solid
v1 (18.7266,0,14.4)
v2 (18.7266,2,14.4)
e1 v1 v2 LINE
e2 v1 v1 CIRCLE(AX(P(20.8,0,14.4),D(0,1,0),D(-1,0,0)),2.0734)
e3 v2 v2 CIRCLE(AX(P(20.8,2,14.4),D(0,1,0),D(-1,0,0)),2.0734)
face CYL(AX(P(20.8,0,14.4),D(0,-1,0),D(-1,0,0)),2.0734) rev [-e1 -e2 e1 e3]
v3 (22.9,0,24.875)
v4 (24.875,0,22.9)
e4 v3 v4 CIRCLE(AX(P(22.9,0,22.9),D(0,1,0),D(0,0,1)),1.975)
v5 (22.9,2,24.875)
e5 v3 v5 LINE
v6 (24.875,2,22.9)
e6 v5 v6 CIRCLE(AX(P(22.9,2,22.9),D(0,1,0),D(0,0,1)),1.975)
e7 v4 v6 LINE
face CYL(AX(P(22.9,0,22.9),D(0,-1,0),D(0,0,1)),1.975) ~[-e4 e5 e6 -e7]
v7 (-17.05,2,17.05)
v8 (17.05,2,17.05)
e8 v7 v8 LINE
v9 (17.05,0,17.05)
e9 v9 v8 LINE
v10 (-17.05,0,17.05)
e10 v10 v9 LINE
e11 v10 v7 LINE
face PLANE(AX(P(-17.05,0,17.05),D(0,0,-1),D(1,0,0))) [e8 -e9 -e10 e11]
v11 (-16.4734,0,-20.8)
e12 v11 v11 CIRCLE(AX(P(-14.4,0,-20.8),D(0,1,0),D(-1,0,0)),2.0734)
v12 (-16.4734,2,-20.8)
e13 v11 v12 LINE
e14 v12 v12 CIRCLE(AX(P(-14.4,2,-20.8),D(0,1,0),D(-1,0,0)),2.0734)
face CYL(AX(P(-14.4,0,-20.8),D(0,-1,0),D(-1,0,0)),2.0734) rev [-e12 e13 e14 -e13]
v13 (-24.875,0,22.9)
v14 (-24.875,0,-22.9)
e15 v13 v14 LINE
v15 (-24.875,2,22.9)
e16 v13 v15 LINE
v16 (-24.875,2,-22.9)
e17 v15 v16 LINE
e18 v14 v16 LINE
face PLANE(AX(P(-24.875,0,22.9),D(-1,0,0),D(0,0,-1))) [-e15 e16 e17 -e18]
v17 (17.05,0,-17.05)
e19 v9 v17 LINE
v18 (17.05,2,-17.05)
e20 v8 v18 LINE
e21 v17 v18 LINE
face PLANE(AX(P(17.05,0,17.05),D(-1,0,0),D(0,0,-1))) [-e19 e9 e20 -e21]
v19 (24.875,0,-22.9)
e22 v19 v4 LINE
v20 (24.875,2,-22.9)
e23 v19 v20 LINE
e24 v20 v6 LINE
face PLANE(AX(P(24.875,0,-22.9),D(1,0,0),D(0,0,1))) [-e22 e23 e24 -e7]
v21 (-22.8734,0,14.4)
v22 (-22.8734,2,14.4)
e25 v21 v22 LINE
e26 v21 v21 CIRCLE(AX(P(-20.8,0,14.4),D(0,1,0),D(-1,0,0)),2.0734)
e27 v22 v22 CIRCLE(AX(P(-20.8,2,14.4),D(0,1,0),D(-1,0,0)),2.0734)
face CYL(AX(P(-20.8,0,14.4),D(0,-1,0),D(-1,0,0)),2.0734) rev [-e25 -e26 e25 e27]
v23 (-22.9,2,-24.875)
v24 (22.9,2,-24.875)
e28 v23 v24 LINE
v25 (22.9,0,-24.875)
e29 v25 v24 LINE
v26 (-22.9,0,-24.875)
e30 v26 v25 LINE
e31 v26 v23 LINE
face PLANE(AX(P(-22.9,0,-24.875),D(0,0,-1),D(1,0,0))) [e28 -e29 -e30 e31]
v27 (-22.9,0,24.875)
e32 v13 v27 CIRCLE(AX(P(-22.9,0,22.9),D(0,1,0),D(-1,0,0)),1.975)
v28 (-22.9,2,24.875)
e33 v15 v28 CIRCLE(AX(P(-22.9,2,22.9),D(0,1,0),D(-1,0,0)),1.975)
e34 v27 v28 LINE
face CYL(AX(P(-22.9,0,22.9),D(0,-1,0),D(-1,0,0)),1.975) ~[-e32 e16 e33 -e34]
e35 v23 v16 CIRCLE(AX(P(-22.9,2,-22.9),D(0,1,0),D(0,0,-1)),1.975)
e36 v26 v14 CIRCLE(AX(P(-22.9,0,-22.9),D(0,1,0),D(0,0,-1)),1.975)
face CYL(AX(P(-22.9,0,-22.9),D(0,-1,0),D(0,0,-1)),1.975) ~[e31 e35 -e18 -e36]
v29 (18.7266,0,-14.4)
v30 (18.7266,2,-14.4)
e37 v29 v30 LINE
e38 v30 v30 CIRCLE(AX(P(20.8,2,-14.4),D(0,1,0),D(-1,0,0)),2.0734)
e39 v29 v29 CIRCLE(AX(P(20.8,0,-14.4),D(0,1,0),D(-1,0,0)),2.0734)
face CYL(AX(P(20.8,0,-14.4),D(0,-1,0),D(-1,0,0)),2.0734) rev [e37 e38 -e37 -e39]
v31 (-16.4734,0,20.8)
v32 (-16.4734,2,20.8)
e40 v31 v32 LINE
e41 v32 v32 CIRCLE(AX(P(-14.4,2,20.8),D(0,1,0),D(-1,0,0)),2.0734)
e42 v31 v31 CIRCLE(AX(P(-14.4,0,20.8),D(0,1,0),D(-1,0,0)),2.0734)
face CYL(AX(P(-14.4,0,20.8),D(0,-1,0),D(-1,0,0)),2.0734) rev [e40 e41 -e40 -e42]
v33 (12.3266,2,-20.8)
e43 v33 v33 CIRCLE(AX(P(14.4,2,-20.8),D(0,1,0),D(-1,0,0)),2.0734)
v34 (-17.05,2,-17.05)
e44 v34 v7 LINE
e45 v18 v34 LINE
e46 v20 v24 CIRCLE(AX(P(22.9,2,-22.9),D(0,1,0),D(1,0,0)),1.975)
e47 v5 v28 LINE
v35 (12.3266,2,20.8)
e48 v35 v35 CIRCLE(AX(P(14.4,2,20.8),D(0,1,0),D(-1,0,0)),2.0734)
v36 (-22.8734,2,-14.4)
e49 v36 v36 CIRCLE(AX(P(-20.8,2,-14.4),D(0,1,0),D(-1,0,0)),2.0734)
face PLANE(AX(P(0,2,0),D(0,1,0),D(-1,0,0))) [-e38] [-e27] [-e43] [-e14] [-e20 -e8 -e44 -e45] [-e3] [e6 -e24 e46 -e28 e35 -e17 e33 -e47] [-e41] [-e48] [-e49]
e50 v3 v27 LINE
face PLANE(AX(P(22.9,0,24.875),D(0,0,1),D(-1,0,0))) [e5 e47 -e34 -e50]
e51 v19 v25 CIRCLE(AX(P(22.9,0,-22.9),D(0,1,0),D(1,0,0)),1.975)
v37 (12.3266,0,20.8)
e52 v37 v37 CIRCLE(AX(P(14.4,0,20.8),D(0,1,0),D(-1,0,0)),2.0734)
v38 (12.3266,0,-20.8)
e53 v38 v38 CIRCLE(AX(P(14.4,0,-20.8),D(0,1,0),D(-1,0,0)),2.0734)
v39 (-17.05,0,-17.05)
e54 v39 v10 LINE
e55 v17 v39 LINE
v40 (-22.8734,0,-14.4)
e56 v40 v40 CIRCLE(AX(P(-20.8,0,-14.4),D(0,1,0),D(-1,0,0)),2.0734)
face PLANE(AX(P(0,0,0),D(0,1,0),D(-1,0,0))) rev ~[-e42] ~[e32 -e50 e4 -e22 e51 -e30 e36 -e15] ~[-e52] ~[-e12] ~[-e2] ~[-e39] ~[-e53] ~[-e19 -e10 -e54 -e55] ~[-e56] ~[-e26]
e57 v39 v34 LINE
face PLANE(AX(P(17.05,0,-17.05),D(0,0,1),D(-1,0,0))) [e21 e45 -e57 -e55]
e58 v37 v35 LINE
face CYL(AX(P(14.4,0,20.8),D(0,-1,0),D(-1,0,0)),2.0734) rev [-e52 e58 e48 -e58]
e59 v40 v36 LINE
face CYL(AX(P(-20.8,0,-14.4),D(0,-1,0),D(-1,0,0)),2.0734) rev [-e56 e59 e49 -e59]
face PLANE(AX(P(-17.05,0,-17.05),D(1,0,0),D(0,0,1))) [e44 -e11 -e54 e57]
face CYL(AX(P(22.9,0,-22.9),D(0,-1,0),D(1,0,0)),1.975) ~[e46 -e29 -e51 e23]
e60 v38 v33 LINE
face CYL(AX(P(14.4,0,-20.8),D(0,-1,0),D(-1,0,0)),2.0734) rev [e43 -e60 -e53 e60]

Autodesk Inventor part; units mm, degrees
ref_plane "YZ Plane" through (0, 0, 0) normal (1, 0, 0) x (0, 1, 0)
ref_plane "XZ Plane" through (0, 0, 0) normal (0, 1, 0) x (-1, 0, 0)
ref_plane "XY Plane" through (0, 0, 0) normal (0, 0, 1) x (1, 0, 0)
sketch "Sketch1" plane through (0, 0, 0) normal (0, 1, 0) x (-1, 0, 0)
  circle A0 centre (-21.9, -21.9) radius 1.875 projected
  circle A1 centre (21.9, 21.9) radius 1.875 projected
  circle A2 centre (21.9, -21.9) radius 1.875 projected
  circle A3 centre (-21.9, 21.9) radius 1.875 projected
  circle A4 centre (14.4, 20.8) radius 2.0734 projected
  circle A5 centre (-14.4, -20.8) radius 2.0734 projected
  circle A6 centre (14.4, -20.8) radius 2.0734 projected
  circle A7 centre (20.8, -14.4) radius 2.0734 projected
  line L0 (-17.05, 17.05) -> (-17.05, -17.05) projected
  line L1 (17.05, 17.05) -> (-17.05, 17.05) projected
  line L2 (17.05, -17.05) -> (17.05, 17.05) projected
  line L3 (-17.05, -17.05) -> (17.05, -17.05) projected
  circle A8 centre (20.8, 14.4) radius 2.0734 projected
  circle A9 centre (-14.4, 20.8) radius 2.0734 projected
  circle A10 centre (-20.8, -14.4) radius 2.0734 projected
  circle A11 centre (-20.8, 14.4) radius 2.0734 projected
  line L4 (-22.9, 24.875) -> (22.9, 24.875) projected
  arc A12 (-22.9, 24.875) -> (-24.875, 22.9) centre (-22.9, 22.9) ccw projected
  line L5 (-24.875, -22.9) -> (-24.875, 22.9) projected
  arc A13 (-24.875, -22.9) -> (-22.9, -24.875) centre (-22.9, -22.9) ccw projected
  line L6 (22.9, -24.875) -> (-22.9, -24.875) projected
  arc A14 (22.9, -24.875) -> (24.875, -22.9) centre (22.9, -22.9) ccw projected
  line L7 (24.875, 22.9) -> (24.875, -22.9) projected
  arc A15 (24.875, 22.9) -> (22.9, 24.875) centre (22.9, 22.9) ccw projected
  arc A16 (24.9, 22.9) -> (22.9, 24.9) centre (22.9, 22.9) ccw projected
  line L8 (22.9, 24.9) -> (-22.9, 24.9) projected
  arc A17 (-22.9, 24.9) -> (-24.9, 22.9) centre (-22.9, 22.9) ccw projected
  line L9 (-24.9, 22.9) -> (-24.9, -22.9) projected
  arc A18 (-24.9, -22.9) -> (-22.9, -24.9) centre (-22.9, -22.9) ccw projected
  line L10 (-22.9, -24.9) -> (22.9, -24.9) projected
  arc A19 (22.9, -24.9) -> (24.9, -22.9) centre (22.9, -22.9) ccw projected
  line L11 (24.9, -22.9) -> (24.9, 22.9) projected
  point P0 (0, 0)
extrude "Extrusion1" add sketch "Sketch1" along normal blind 2 contours A0 | A1 | A2 | A3 | L4 A15 L7 A14 L6 A13 L5 A12
sketch "Sketch2" plane through (0, 0, 0) normal (0, 1, 0) x (-1, 0, 0)
  line L0 (-22.9, -24.875) -> (22.9, -24.875) projected
  arc A0 (22.9, -24.875) -> (24.875, -22.9) centre (22.9, -22.9) ccw projected
  line L1 (24.875, -22.9) -> (24.875, 22.9) projected
  arc A1 (24.875, 22.9) -> (22.9, 24.875) centre (22.9, 22.9) ccw projected
  line L2 (22.9, 24.875) -> (-22.9, 24.875) projected
  arc A2 (-22.9, 24.875) -> (-24.875, 22.9) centre (-22.9, 22.9) ccw projected
  line L3 (-24.875, 22.9) -> (-24.875, -22.9) projected
  arc A3 (-24.875, -22.9) -> (-22.9, -24.875) centre (-22.9, -22.9) ccw projected
  circle A4 centre (-20.8, 14.4) radius 2.0734 projected
  circle A5 centre (-20.8, -14.4) radius 2.0734 projected
  circle A6 centre (-14.4, 20.8) radius 2.0734 projected
  circle A7 centre (20.8, 14.4) radius 2.0734 projected
  circle A8 centre (14.4, -20.8) radius 2.0734 projected
  circle A9 centre (-14.4, -20.8) radius 2.0734 projected
  circle A10 centre (14.4, 20.8) radius 2.0734 projected
  line L4 (-17.05, 17.05) -> (17.05, 17.05) projected
  line L5 (17.05, 17.05) -> (17.05, -17.05) projected
  line L6 (17.05, -17.05) -> (-17.05, -17.05) projected
  line L7 (-17.05, -17.05) -> (-17.05, 17.05) projected
  line L8 (-7.5858, 19.875) -> (7.5858, 19.875)
  line L9 (10, 19.875) -> (10, 29.875)
  line L10 (7.5858, 29.875) -> (-7.5858, 29.875)
  line L11 (-10, 29.875) -> (-10, 19.875)
  line L12 (-10, 19.875) -> (10, 29.875) construction
  line L13 (10, 19.875) -> (-10, 29.875) construction
  line L14 (-8.2929, 28.1679) -> (-6.0607, 25.9357)
  line L15 (-10, 29.875) -> (-6.8431, 29.875) construction
  line L16 (8.2929, 28.1679) -> (6.0607, 25.9357)
  line L17 (10, 29.875) -> (13.1569, 29.875) construction
  line L18 (5, 24.875) -> (-5, 24.875)
  line L19 (-8.2929, 21.5821) -> (-6.0607, 23.8143)
  line L20 (8.2929, 21.5821) -> (6.0607, 23.8143)
  arc A11 (-8.2929, 21.5821) -> (-7.5858, 19.875) centre (-7.5858, 20.875) ccw
  arc A12 (7.5858, 19.875) -> (8.2929, 21.5821) centre (7.5858, 20.875) ccw
  arc A13 (-6.0607, 23.8143) -> (-6.0607, 25.9357) centre (-7.1213, 24.875) ccw
  arc A14 (6.0607, 25.9357) -> (6.0607, 23.8143) centre (7.1213, 24.875) ccw
  arc A15 (-7.5858, 29.875) -> (-8.2929, 28.1679) centre (-7.5858, 28.875) ccw
  arc A16 (8.2929, 28.1679) -> (7.5858, 29.875) centre (7.5858, 28.875) ccw
  line L21 (-7.5858, 29.8) -> (7.5858, 29.8)
  arc A17 (8.2399, 28.2209) -> (7.5858, 29.8) centre (7.5858, 28.875) ccw
  line L22 (8.2399, 28.2209) -> (6.0076, 25.9887)
  arc A18 (6.0076, 25.9887) -> (6.0076, 23.7613) centre (7.1213, 24.875) ccw
  line L23 (6.0076, 23.7613) -> (8.2399, 21.5291)
  arc A19 (7.5858, 19.95) -> (8.2399, 21.5291) centre (7.5858, 20.875) ccw
  line L24 (7.5858, 19.95) -> (-7.5858, 19.95)
  arc A20 (-8.2399, 21.5291) -> (-7.5858, 19.95) centre (-7.5858, 20.875) ccw
  line L25 (-8.2399, 21.5291) -> (-6.0076, 23.7613)
  arc A21 (-6.0076, 23.7613) -> (-6.0076, 25.9887) centre (-7.1213, 24.875) ccw
  line L26 (-6.0076, 25.9887) -> (-8.2399, 28.2209)
  arc A22 (-7.5858, 29.8) -> (-8.2399, 28.2209) centre (-7.5858, 28.875) ccw
  arc A23 (-21.5291, -8.2399) -> (-19.95, -7.5858) centre (-20.875, -7.5858) ccw
  arc A24 (-21.5821, -8.2929) -> (-19.875, -7.5858) centre (-20.875, -7.5858) ccw
  line L27 (-25.9887, -6.0076) -> (-28.2209, -8.2399)
  line L28 (-21.5291, -8.2399) -> (-23.7613, -6.0076)
  line L29 (-21.5821, -8.2929) -> (-23.8143, -6.0607)
  arc A25 (-23.8143, -6.0607) -> (-25.9357, -6.0607) centre (-24.875, -7.1213) ccw
  arc A26 (-23.7613, -6.0076) -> (-25.9887, -6.0076) centre (-24.875, -7.1213) ccw
  line L30 (-28.1679, -8.2929) -> (-25.9357, -6.0607)
  line L31 (-24.875, 5) -> (-24.875, -5)
  line L32 (-19.95, 7.5858) -> (-19.95, -7.5858)
  line L33 (-19.875, -7.5858) -> (-19.875, 7.5858)
  line L34 (-29.8, -7.5858) -> (-29.8, 7.5858)
  line L35 (-29.875, 7.5858) -> (-29.875, -7.5858)
  arc A27 (-29.875, -7.5858) -> (-28.1679, -8.2929) centre (-28.875, -7.5858) ccw
  line L36 (-28.1679, 8.2929) -> (-25.9357, 6.0607)
  line L37 (-21.5821, 8.2929) -> (-23.8143, 6.0607)
  arc A28 (-19.875, 7.5858) -> (-21.5821, 8.2929) centre (-20.875, 7.5858) ccw
  arc A29 (-25.9887, 6.0076) -> (-23.7613, 6.0076) centre (-24.875, 7.1213) ccw
  arc A30 (-25.9357, 6.0607) -> (-23.8143, 6.0607) centre (-24.875, 7.1213) ccw
  arc A31 (-19.95, 7.5858) -> (-21.5291, 8.2399) centre (-20.875, 7.5858) ccw
  line L38 (-23.7613, 6.0076) -> (-21.5291, 8.2399)
  line L39 (-28.2209, 8.2399) -> (-25.9887, 6.0076)
  arc A32 (-28.2209, 8.2399) -> (-29.8, 7.5858) centre (-28.875, 7.5858) ccw
  arc A33 (-28.1679, 8.2929) -> (-29.875, 7.5858) centre (-28.875, 7.5858) ccw
  arc A34 (-29.8, -7.5858) -> (-28.2209, -8.2399) centre (-28.875, -7.5858) ccw
  arc A35 (8.2399, -21.5291) -> (7.5858, -19.95) centre (7.5858, -20.875) ccw
  arc A36 (8.2929, -21.5821) -> (7.5858, -19.875) centre (7.5858, -20.875) ccw
  line L40 (6.0076, -25.9887) -> (8.2399, -28.2209)
  line L41 (8.2399, -21.5291) -> (6.0076, -23.7613)
  line L42 (8.2929, -21.5821) -> (6.0607, -23.8143)
  arc A37 (6.0607, -23.8143) -> (6.0607, -25.9357) centre (7.1213, -24.875) ccw
  arc A38 (6.0076, -23.7613) -> (6.0076, -25.9887) centre (7.1213, -24.875) ccw
  line L43 (8.2929, -28.1679) -> (6.0607, -25.9357)
  line L44 (-5, -24.875) -> (5, -24.875)
  line L45 (-7.5858, -19.95) -> (7.5858, -19.95)
  line L46 (7.5858, -19.875) -> (-7.5858, -19.875)
  line L47 (7.5858, -29.8) -> (-7.5858, -29.8)
  line L48 (-7.5858, -29.875) -> (7.5858, -29.875)
  arc A39 (7.5858, -29.875) -> (8.2929, -28.1679) centre (7.5858, -28.875) ccw
  line L49 (-8.2929, -28.1679) -> (-6.0607, -25.9357)
  line L50 (-8.2929, -21.5821) -> (-6.0607, -23.8143)
  arc A40 (-7.5858, -19.875) -> (-8.2929, -21.5821) centre (-7.5858, -20.875) ccw
  arc A41 (-6.0076, -25.9887) -> (-6.0076, -23.7613) centre (-7.1213, -24.875) ccw
  arc A42 (-6.0607, -25.9357) -> (-6.0607, -23.8143) centre (-7.1213, -24.875) ccw
  arc A43 (-7.5858, -19.95) -> (-8.2399, -21.5291) centre (-7.5858, -20.875) ccw
  line L51 (-6.0076, -23.7613) -> (-8.2399, -21.5291)
  line L52 (-8.2399, -28.2209) -> (-6.0076, -25.9887)
  arc A44 (-8.2399, -28.2209) -> (-7.5858, -29.8) centre (-7.5858, -28.875) ccw
  arc A45 (-8.2929, -28.1679) -> (-7.5858, -29.875) centre (-7.5858, -28.875) ccw
  arc A46 (7.5858, -29.8) -> (8.2399, -28.2209) centre (7.5858, -28.875) ccw
  arc A47 (21.5291, 8.2399) -> (19.95, 7.5858) centre (20.875, 7.5858) ccw
  arc A48 (21.5821, 8.2929) -> (19.875, 7.5858) centre (20.875, 7.5858) ccw
  line L53 (25.9887, 6.0076) -> (28.2209, 8.2399)
  line L54 (21.5291, 8.2399) -> (23.7613, 6.0076)
  line L55 (21.5821, 8.2929) -> (23.8143, 6.0607)
  arc A49 (23.8143, 6.0607) -> (25.9357, 6.0607) centre (24.875, 7.1213) ccw
  arc A50 (23.7613, 6.0076) -> (25.9887, 6.0076) centre (24.875, 7.1213) ccw
  line L56 (28.1679, 8.2929) -> (25.9357, 6.0607)
  line L57 (24.875, -5) -> (24.875, 5)
  line L58 (19.95, -7.5858) -> (19.95, 7.5858)
  line L59 (19.875, 7.5858) -> (19.875, -7.5858)
  line L60 (29.8, 7.5858) -> (29.8, -7.5858)
  line L61 (29.875, -7.5858) -> (29.875, 7.5858)
  arc A51 (29.875, 7.5858) -> (28.1679, 8.2929) centre (28.875, 7.5858) ccw
  line L62 (28.1679, -8.2929) -> (25.9357, -6.0607)
  line L63 (21.5821, -8.2929) -> (23.8143, -6.0607)
  arc A52 (19.875, -7.5858) -> (21.5821, -8.2929) centre (20.875, -7.5858) ccw
  arc A53 (25.9887, -6.0076) -> (23.7613, -6.0076) centre (24.875, -7.1213) ccw
  arc A54 (25.9357, -6.0607) -> (23.8143, -6.0607) centre (24.875, -7.1213) ccw
  arc A55 (19.95, -7.5858) -> (21.5291, -8.2399) centre (20.875, -7.5858) ccw
  line L64 (23.7613, -6.0076) -> (21.5291, -8.2399)
  line L65 (28.2209, -8.2399) -> (25.9887, -6.0076)
  arc A56 (28.2209, -8.2399) -> (29.8, -7.5858) centre (28.875, -7.5858) ccw
  arc A57 (28.1679, -8.2929) -> (29.875, -7.5858) centre (28.875, -7.5858) ccw
  arc A58 (29.8, 7.5858) -> (28.2209, 8.2399) centre (28.875, 7.5858) ccw
  point P0 (0, 0)
  point P1 (0, 24.875)
  point P2 (-29.875, -6.8431)
  point P3 (-19.875, -10)
  point P4 (-29.875, -10)
  point P5 (-24.875, 0)
  point P6 (-19.875, 10)
  point P7 (-29.875, 10)
  point P8 (6.8431, -29.875)
  point P9 (10, -19.875)
  point P10 (10, -29.875)
  point P11 (0, -24.875)
  point P12 (-10, -19.875)
  point P13 (-10, -29.875)
  point P14 (29.875, 6.8431)
  point P15 (19.875, 10)
  point P16 (29.875, 10)
  point P17 (24.875, 0)
  point P18 (19.875, -10)
  point P19 (29.875, -10)
  point P20 (-24.875, -5.5463)
  point P21 (-24.875, 5.5463)
  point P22 (-5.5463, 24.875)
  point P23 (5.5463, 24.875)
  point P24 (5.6213, -24.875)
  point P25 (-5.6213, -24.875)
  point P26 (24.875, 5.6213)
  point P27 (24.875, -5.6213)
  dimension "d2" = 20
  dimension "d3" = 10
  dimension "d4" = 45
  dimension "d5" = 135
  dimension "d6" = 1
  dimension "d7" = 1.5
  dimension "d8" = 1
  dimension "d9" = 0.075
  dimension "d12" = 360
extrude "Extrusion2" [suppressed]
extrude "Extrusion3" [suppressed]
fillet "Fillet1" [suppressed]
properties part number "Interlinking Baseplate Spacer"
